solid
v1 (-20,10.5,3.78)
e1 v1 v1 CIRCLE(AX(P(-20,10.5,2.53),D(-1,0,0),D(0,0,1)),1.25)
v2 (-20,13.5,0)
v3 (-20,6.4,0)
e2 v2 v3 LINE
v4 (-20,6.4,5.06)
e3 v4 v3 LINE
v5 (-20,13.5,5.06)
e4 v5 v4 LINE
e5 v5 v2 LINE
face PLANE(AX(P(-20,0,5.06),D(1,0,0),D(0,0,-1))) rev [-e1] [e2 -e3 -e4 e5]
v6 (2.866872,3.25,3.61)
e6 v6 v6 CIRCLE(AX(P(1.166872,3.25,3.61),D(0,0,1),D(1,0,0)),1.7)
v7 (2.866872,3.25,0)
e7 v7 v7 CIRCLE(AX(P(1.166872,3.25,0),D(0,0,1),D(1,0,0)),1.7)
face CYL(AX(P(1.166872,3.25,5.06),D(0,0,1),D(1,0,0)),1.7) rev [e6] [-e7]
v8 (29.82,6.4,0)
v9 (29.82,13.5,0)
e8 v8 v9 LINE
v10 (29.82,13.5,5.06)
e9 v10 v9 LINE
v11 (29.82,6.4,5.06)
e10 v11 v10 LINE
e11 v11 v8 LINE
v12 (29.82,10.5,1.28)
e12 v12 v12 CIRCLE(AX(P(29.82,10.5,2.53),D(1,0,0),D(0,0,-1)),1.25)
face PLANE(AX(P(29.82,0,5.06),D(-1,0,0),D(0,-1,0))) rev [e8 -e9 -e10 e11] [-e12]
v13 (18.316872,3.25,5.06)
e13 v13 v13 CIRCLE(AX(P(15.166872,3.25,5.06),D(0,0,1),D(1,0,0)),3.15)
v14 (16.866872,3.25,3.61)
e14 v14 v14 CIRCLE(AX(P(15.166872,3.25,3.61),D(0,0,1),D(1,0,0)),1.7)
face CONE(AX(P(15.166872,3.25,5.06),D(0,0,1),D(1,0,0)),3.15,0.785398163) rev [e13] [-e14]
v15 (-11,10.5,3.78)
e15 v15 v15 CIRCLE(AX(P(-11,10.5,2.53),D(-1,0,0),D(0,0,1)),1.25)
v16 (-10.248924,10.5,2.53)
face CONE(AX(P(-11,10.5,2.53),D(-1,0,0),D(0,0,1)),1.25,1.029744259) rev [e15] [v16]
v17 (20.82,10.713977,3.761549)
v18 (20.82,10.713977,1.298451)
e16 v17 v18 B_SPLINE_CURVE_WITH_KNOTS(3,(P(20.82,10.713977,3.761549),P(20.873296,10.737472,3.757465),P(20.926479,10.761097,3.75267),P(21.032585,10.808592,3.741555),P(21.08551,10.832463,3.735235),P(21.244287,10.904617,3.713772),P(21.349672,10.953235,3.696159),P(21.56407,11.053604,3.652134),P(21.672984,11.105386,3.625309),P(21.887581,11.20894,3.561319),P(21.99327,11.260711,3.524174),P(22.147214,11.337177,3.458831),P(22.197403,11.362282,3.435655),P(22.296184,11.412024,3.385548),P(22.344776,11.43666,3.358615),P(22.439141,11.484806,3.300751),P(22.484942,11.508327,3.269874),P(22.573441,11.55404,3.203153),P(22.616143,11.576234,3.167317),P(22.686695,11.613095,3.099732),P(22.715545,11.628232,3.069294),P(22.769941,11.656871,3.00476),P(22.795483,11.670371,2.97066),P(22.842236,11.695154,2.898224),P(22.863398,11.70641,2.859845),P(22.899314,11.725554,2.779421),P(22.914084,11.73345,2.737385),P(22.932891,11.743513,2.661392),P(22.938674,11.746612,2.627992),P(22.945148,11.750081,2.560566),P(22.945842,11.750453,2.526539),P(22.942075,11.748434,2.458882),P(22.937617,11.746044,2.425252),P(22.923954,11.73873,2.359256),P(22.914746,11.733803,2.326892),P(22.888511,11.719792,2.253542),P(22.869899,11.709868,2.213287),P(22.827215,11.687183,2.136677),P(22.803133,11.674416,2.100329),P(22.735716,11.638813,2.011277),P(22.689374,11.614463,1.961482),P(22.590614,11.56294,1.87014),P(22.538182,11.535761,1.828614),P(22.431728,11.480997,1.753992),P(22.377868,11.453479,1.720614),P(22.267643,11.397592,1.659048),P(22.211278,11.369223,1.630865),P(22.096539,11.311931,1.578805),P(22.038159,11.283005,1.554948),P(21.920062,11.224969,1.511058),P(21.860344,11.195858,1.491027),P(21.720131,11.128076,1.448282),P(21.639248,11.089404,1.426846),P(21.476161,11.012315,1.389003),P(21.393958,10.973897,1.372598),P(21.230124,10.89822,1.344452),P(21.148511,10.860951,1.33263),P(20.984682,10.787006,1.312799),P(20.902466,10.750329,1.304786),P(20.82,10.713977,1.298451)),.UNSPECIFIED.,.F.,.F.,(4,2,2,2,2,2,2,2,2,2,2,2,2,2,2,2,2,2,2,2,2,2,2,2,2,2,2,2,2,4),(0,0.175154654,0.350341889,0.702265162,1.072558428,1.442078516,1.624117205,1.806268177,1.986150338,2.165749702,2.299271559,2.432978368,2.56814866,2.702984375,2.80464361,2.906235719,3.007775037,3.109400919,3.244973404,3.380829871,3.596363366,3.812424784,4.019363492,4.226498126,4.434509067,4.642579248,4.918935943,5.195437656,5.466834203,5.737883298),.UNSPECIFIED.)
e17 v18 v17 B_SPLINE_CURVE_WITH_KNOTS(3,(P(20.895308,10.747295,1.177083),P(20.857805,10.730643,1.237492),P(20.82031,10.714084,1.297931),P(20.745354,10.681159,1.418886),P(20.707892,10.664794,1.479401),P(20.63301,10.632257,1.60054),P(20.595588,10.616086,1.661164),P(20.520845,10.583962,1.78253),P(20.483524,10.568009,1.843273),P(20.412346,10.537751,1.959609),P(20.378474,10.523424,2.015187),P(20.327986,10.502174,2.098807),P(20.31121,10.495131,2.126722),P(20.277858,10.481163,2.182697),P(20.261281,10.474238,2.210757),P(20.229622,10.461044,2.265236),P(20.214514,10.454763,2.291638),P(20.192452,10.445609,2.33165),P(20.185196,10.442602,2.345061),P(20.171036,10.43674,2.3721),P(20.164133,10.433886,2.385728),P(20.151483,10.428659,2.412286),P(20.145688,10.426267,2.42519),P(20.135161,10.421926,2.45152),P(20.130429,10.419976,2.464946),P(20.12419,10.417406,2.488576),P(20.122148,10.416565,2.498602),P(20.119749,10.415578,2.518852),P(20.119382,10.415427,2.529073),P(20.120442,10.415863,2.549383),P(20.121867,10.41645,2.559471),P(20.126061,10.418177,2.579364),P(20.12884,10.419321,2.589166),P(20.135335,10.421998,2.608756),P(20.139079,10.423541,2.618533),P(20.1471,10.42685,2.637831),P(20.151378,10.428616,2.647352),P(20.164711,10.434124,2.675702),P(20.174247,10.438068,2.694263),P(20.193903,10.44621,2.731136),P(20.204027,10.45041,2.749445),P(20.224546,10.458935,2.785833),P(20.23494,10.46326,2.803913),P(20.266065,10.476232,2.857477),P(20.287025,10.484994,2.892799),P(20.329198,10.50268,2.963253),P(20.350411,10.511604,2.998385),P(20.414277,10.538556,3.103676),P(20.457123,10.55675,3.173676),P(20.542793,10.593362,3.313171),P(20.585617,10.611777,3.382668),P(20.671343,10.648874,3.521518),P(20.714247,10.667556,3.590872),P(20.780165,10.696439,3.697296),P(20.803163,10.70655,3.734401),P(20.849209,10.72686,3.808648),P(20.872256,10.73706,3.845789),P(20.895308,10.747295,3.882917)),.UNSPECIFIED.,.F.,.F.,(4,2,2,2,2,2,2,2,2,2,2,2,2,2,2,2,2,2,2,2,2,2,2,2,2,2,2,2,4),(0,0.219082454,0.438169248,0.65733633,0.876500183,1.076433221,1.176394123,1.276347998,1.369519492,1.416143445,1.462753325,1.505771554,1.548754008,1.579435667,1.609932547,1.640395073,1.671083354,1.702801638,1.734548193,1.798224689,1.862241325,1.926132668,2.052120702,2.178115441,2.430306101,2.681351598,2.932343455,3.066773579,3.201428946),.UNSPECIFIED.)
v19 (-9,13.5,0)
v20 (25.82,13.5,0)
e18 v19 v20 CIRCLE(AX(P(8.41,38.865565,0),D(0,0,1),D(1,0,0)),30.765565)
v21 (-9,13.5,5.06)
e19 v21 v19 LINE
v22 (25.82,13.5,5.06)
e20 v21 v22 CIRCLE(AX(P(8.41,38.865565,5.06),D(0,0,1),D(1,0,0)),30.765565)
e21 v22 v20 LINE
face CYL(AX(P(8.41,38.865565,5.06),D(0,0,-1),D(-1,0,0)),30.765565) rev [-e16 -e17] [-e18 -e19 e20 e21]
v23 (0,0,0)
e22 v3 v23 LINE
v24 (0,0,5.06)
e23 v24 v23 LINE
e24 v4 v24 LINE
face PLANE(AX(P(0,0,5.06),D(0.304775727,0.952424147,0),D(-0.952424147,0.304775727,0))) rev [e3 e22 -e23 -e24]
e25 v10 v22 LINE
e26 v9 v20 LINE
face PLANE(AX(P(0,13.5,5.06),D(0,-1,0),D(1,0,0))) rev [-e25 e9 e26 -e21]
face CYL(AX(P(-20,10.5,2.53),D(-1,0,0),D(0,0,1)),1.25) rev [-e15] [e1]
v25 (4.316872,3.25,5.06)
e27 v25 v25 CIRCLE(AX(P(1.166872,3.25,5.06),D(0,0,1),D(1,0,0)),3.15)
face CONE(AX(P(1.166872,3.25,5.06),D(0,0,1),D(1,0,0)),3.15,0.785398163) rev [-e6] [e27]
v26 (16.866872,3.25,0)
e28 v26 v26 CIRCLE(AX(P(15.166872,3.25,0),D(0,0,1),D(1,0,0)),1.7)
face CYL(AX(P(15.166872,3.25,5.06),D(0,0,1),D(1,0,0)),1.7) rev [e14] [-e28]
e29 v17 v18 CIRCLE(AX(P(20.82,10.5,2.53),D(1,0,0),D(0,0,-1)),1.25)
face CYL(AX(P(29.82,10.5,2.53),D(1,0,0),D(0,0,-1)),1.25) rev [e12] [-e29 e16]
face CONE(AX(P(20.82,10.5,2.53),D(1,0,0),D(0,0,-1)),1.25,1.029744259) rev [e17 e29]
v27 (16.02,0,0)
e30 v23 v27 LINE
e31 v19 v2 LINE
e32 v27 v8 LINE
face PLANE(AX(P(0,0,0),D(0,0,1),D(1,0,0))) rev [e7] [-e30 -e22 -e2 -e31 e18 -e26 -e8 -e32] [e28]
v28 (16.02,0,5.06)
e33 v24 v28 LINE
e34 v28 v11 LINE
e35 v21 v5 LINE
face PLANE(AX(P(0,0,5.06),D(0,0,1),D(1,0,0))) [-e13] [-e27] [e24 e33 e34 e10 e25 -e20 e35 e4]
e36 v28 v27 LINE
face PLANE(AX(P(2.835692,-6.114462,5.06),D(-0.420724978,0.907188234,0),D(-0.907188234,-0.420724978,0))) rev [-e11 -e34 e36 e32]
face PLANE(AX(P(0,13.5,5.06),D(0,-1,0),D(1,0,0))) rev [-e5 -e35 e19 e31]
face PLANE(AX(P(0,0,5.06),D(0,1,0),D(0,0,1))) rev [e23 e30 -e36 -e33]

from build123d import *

# Parameters (mm, degrees)
ESTRUSIONE_ESTRUSIONE1_DEPTH           = 5.06
FORO_SVASATO_PER_VITE_M3_2_D           = 3.4
FORO_SVASATO_PER_VITE_M3_2_CSINK_D     = 6.3
FORO_SVASATO_PER_VITE_M3_2_CSINK_ANGLE = 90


with BuildPart() as part:
    # Schizzo4 → Estrusione-Estrusione1 (new body)
    with BuildSketch(Plane.XY):
        with BuildLine():
            Line((-20, 6.4), (0, 0))
            Line((0, 0), (16.02, 0))
            Line((16.02, 0), (29.82, 6.4))
            Line((29.82, 6.4), (29.82, 13.5))
            Line((29.82, 13.5), (25.82, 13.5))
            ThreePointArc((25.82, 13.5), (8.41, 8.1), (-9, 13.5))
            Line((-9, 13.5), (-20, 13.5))
            Line((-20, 13.5), (-20, 6.4))
        make_face()
    extrude(amount=ESTRUSIONE_ESTRUSIONE1_DEPTH)

    # Schizzo7 → Foro filettato M3x0.5-1 (revolve, cut)
    with BuildSketch(Plane(origin=(-20, 10.5, 2.53), x_dir=(0, 0, 1), z_dir=(0, 1, 0))):
        Polygon((0, 0), (0, 9.751075774), (1.25, 9), (1.25, 0), align=None)
    foro_filettato_m3x0_5_1 = revolve(axis=Axis((-26.35, 10.5, 2.53), (1, 0, 0)), mode=Mode.SUBTRACT)

    # Specchia1: Foro filettato M3x0.5-1 across plane
    add(foro_filettato_m3x0_5_1.mirror(Plane.ZY.offset(-4.91)), mode=Mode.SUBTRACT)

    # Foro svasato per Vite M3-2 (through all)
    with Locations(Plane(origin=(-33.438661509, -29.329137282, 5.06), x_dir=(1, 0, 0), z_dir=(0, 0, 1))):
        with Locations((34.605533153, 32.579137282), (48.605533153, 32.579137282)):
            CounterSinkHole(FORO_SVASATO_PER_VITE_M3_2_D / 2, FORO_SVASATO_PER_VITE_M3_2_CSINK_D / 2, counter_sink_angle=FORO_SVASATO_PER_VITE_M3_2_CSINK_ANGLE)


solid = part.part
